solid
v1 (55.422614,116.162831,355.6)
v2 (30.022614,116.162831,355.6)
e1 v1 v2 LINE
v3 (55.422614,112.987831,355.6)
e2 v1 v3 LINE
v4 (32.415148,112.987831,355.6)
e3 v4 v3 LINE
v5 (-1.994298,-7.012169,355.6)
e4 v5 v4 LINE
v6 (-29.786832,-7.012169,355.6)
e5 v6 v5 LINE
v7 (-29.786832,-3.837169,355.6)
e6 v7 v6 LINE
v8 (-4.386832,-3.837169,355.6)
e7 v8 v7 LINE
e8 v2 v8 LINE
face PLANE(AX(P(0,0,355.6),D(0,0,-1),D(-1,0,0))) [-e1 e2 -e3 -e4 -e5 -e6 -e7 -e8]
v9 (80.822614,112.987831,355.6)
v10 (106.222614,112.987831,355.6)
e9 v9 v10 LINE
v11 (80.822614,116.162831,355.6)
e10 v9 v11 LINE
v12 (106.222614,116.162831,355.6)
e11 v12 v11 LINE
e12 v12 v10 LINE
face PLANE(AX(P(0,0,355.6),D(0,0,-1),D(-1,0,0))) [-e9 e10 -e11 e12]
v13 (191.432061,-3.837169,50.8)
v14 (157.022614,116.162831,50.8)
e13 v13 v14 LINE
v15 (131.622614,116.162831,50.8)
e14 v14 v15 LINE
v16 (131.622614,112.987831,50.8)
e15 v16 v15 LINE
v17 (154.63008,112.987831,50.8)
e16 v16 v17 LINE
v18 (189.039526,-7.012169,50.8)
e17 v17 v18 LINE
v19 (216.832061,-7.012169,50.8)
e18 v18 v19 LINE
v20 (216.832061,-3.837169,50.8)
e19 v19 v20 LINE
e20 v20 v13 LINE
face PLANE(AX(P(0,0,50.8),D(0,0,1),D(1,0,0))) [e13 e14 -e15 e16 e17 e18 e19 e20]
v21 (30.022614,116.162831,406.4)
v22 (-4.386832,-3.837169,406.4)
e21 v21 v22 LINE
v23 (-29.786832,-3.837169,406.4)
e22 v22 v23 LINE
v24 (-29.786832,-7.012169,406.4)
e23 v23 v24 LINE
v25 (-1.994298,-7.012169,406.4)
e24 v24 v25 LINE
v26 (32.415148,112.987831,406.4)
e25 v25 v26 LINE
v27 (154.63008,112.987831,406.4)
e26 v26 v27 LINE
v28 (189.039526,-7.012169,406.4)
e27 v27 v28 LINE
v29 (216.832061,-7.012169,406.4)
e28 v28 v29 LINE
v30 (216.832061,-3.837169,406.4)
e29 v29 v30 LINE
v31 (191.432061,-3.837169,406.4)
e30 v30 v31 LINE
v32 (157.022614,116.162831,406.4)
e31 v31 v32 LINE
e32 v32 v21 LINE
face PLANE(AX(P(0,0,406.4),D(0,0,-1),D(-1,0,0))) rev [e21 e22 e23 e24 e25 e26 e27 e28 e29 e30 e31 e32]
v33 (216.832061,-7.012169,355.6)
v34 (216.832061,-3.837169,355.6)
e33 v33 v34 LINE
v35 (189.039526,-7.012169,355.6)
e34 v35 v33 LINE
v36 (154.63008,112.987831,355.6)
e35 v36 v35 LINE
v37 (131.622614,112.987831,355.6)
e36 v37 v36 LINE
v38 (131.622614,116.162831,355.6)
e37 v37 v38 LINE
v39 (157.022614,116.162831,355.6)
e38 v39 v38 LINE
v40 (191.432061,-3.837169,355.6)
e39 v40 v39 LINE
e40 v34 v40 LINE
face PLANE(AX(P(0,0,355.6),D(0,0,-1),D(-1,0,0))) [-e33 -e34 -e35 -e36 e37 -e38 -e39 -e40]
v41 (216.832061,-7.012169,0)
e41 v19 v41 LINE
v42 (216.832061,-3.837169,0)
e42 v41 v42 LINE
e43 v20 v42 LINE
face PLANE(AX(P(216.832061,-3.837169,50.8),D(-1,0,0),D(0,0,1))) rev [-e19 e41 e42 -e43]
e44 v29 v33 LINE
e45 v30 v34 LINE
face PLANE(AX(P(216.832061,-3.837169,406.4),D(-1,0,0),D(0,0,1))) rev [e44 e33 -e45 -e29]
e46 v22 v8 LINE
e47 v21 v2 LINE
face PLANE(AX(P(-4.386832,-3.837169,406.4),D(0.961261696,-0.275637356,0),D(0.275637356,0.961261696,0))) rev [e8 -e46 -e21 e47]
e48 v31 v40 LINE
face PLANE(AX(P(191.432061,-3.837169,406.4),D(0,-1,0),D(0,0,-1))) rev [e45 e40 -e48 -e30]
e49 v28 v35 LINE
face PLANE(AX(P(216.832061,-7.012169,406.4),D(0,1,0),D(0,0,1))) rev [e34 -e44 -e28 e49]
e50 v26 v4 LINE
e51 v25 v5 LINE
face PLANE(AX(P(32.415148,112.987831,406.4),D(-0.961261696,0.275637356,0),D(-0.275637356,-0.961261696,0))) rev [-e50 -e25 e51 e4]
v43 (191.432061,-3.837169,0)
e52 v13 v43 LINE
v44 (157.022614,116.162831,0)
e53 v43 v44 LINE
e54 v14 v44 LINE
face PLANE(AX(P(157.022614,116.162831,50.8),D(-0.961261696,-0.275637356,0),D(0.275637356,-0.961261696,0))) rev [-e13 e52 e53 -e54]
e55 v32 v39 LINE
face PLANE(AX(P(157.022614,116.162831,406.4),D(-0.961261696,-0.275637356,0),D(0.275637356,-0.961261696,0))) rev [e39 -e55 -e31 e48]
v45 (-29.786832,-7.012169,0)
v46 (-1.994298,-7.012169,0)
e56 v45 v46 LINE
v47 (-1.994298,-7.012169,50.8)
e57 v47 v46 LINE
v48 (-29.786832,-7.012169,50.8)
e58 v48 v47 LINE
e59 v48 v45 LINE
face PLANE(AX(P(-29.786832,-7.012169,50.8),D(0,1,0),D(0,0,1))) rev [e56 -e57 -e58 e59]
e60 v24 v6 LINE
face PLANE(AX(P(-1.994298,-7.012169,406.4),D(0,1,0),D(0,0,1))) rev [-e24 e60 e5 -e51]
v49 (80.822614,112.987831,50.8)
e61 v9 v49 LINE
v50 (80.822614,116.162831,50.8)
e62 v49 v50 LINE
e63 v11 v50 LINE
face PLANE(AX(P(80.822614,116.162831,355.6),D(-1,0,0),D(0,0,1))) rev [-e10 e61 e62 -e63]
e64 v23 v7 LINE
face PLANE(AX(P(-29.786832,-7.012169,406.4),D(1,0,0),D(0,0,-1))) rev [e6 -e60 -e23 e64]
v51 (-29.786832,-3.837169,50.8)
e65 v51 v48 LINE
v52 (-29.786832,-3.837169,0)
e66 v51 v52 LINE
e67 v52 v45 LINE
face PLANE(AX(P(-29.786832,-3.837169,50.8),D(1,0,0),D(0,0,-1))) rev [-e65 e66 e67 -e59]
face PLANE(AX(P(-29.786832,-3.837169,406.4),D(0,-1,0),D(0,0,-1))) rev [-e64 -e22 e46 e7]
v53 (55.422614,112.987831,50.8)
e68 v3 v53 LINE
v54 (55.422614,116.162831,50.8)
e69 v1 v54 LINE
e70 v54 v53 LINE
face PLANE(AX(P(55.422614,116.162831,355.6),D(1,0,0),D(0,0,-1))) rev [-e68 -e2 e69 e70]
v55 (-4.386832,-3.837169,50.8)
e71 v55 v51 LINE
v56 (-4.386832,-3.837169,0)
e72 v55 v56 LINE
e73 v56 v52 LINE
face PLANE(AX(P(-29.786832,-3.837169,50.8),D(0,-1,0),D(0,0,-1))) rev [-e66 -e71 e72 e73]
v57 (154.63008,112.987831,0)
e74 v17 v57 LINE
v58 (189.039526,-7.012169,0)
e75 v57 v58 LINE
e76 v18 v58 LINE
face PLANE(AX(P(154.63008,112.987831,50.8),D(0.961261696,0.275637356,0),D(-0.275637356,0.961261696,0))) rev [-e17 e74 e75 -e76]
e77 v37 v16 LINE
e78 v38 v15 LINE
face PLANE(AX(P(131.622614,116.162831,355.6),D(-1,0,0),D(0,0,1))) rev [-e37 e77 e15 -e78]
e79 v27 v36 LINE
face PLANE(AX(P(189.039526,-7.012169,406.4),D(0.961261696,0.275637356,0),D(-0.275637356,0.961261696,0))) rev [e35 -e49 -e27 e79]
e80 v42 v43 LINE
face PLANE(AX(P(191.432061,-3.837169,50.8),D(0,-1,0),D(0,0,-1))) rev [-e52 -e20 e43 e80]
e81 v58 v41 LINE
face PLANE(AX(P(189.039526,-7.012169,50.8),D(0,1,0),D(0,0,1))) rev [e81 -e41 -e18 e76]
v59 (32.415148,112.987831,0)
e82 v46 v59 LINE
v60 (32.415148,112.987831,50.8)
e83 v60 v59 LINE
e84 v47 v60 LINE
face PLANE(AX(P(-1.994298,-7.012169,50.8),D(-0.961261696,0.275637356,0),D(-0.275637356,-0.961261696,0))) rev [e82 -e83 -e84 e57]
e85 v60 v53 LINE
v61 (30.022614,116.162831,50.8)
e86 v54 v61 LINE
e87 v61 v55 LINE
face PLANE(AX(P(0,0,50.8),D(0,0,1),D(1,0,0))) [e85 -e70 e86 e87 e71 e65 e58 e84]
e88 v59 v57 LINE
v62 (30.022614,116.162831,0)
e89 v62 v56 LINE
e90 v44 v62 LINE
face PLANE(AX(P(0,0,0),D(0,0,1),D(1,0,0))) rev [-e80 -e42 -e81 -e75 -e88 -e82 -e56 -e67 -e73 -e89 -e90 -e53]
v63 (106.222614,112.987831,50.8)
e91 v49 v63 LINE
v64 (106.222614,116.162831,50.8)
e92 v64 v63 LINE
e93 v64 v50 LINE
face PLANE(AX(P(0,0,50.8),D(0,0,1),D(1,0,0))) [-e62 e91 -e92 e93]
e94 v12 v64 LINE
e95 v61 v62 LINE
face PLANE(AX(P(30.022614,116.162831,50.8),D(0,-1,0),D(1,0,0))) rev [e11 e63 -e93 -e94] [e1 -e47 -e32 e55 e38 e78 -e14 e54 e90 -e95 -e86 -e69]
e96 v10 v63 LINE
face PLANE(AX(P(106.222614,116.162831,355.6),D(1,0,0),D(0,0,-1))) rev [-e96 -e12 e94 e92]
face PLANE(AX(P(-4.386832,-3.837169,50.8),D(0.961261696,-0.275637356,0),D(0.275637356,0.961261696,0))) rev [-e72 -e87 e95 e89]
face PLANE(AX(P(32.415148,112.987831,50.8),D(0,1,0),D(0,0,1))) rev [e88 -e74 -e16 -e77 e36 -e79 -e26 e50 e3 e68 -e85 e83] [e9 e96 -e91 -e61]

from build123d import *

# Parameters (mm, degrees)
BOSS_EXTRUDE1_DEPTH = 50.8
SKETCH2_W           = 25.4
SKETCH2_H           = 3.175
BOSS_EXTRUDE2_DEPTH = 304.8
BOSS_EXTRUDE4_DEPTH = 50.8


with BuildPart() as part:
    # Sketch1 → Boss-Extrude1 (new body)
    with BuildSketch(Plane.XY):
        Polygon((-29.786832061, -3.837169287), (-4.386832061, -3.837169287), (30.02261423, 116.162830713), (157.02261423, 116.162830713), (191.432060521, -3.837169287), (216.832060521, -3.837169287), (216.832060521, -7.012169287), (189.039526412, -7.012169287), (154.630080121, 112.987830713), (32.415148339, 112.987830713), (-1.994297952, -7.012169287), (-29.786832061, -7.012169287), align=None)
    extrude(amount=BOSS_EXTRUDE1_DEPTH)

    # Sketch2 → Boss-Extrude2 (add)
    with BuildSketch(Plane.XY.offset(50.8)):
        with Locations((68.12261423, 114.575330713)):
            Rectangle(SKETCH2_W, SKETCH2_H)
        with Locations((118.92261423, 114.575330713)):
            Rectangle(SKETCH2_W, SKETCH2_H)
    extrude(amount=BOSS_EXTRUDE2_DEPTH)

    # Sketch4 → Boss-Extrude4 (add)
    with BuildSketch(Plane.XY.offset(355.6)):
        Polygon((30.02261423, 116.162830713), (157.02261423, 116.162830713), (191.432060521, -3.837169287), (216.832060521, -3.837169287), (216.832060521, -7.012169287), (189.039526412, -7.012169287), (154.630080121, 112.987830713), (32.415148339, 112.987830713), (-1.994297952, -7.012169287), (-29.786832061, -7.012169287), (-29.786832061, -3.837169287), (-4.386832061, -3.837169287), align=None)
    extrude(amount=BOSS_EXTRUDE4_DEPTH)


solid = part.part
